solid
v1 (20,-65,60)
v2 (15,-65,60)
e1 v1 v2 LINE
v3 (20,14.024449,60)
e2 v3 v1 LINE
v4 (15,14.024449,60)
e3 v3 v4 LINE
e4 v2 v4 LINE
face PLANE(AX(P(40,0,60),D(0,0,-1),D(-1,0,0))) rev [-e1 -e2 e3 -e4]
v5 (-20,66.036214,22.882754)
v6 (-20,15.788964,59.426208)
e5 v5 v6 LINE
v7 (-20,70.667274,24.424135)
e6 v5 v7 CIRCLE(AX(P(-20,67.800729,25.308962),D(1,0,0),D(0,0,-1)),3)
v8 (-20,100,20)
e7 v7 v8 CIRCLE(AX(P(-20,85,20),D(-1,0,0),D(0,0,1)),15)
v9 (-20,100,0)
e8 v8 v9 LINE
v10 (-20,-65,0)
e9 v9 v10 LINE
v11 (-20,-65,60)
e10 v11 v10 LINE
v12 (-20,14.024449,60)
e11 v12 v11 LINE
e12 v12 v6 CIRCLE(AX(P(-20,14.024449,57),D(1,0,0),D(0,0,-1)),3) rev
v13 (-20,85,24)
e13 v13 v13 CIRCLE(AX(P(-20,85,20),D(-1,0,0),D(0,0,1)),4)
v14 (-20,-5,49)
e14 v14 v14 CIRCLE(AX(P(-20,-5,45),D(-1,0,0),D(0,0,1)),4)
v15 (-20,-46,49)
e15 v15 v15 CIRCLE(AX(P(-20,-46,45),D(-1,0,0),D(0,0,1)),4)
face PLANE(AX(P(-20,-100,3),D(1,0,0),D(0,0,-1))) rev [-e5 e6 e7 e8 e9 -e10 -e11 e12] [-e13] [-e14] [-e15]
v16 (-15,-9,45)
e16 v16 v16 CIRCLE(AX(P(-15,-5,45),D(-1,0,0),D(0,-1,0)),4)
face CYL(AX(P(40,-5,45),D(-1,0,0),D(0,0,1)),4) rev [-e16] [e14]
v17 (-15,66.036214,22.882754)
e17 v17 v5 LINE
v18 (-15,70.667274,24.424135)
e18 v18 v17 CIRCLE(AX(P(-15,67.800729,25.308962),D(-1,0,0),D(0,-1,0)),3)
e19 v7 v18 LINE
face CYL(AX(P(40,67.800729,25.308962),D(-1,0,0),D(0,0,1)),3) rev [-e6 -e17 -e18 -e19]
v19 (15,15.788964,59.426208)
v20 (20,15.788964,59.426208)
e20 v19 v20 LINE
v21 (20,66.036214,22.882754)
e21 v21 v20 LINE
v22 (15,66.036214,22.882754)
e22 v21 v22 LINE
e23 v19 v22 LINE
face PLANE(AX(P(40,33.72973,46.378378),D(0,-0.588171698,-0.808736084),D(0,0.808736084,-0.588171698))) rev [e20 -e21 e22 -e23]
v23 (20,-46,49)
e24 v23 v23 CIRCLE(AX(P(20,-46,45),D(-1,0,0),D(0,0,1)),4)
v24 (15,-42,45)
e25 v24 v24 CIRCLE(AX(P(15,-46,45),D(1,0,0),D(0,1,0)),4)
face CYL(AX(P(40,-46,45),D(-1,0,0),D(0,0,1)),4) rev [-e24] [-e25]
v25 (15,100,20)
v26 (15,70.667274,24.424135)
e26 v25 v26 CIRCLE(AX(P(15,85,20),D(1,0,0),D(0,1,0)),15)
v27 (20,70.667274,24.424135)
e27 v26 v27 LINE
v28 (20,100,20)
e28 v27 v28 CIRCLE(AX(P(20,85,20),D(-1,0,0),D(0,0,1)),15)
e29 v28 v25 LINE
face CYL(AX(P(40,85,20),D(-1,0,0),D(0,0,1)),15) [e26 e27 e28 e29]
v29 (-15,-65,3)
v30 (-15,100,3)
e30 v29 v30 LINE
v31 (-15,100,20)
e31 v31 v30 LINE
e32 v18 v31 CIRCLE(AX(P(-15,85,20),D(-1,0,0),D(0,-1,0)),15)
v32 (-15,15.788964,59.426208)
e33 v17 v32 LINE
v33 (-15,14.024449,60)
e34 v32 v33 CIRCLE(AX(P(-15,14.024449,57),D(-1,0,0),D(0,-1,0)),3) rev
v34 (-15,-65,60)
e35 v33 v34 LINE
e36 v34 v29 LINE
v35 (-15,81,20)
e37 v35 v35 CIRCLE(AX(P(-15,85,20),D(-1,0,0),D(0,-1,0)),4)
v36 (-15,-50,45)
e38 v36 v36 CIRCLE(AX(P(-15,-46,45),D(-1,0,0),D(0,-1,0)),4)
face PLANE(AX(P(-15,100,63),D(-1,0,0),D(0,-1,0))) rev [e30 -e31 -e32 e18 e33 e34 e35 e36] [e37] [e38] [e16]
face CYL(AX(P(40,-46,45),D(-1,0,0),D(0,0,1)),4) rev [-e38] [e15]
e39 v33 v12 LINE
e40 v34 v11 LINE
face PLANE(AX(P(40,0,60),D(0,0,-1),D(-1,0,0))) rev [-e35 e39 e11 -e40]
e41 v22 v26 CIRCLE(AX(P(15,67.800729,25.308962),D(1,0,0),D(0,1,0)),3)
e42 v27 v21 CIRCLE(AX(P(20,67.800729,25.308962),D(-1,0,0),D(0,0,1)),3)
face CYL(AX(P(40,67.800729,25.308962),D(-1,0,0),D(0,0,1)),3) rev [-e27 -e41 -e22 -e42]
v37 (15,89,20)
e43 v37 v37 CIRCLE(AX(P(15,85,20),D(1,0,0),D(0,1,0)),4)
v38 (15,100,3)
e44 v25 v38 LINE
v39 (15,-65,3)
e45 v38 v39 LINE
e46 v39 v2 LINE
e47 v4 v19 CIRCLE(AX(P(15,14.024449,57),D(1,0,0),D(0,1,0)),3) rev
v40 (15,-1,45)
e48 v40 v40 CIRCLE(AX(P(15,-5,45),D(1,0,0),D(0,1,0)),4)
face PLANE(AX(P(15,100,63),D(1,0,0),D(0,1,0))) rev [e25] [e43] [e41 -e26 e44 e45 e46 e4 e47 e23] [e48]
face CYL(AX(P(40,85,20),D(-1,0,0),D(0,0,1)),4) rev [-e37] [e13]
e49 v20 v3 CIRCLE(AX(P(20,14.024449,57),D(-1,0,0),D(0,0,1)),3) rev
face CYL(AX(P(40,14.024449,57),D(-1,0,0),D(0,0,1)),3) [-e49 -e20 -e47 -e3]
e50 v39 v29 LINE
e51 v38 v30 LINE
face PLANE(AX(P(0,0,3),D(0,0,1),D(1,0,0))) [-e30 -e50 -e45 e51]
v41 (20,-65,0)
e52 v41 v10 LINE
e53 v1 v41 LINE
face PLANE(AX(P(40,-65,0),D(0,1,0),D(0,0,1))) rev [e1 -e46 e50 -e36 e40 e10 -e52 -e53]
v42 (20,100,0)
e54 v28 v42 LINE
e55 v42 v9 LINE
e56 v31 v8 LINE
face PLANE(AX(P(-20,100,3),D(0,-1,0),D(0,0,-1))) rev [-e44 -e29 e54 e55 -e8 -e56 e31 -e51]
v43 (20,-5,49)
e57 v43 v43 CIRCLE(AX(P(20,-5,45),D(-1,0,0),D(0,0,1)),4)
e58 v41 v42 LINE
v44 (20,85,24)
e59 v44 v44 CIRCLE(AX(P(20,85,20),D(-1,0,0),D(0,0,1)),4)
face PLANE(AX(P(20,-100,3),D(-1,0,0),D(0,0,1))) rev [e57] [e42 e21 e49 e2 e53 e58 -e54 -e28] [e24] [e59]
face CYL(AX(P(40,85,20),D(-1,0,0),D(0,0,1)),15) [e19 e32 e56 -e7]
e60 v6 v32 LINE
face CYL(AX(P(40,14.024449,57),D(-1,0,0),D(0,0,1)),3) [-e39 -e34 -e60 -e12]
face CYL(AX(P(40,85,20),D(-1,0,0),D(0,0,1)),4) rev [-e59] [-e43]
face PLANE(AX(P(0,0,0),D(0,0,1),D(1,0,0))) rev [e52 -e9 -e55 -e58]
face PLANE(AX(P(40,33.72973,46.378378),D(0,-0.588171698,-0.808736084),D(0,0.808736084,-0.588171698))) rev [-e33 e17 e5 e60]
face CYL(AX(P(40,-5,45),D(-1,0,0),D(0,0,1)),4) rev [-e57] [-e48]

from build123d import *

# Parameters (mm, degrees)
SKETCH1_W           = 200
SKETCH1_H           = 40
BOSS_EXTRUDE1_DEPTH = 3
SKETCH2_W           = 5
SKETCH2_H           = 200
BOSS_EXTRUDE2_DEPTH = 60
SKETCH4_R           = 4
CUT_EXTRUDE1_DEPTH  = 60
FILLET2_R           = 3


with BuildPart() as part:
    # Sketch1 → Boss-Extrude1 (new body)
    with BuildSketch(Plane(origin=(0, 0, 0), x_dir=(0, 1, 0), z_dir=(0, 0, 1))):
        Rectangle(SKETCH1_W, SKETCH1_H)
    extrude(amount=BOSS_EXTRUDE1_DEPTH)

    # Sketch2 → Boss-Extrude2 (add)
    with BuildSketch(Plane.XY.offset(3)):
        with Locations((-17.5, 0)):
            Rectangle(SKETCH2_W, SKETCH2_H)
        with Locations((17.5, 0)):
            Rectangle(SKETCH2_W, SKETCH2_H)
    extrude(amount=BOSS_EXTRUDE2_DEPTH)

    # Sketch4 → Cut-Extrude1 (cut)
    with BuildSketch(Plane(origin=(-20, 0, 0), x_dir=(0, -1, 0), z_dir=(-1, 0, 0))):
        with BuildLine():
            Line((-100, 63), (-100, 20))
            ThreePointArc((-100, 20), (-85, 35), (-70, 20))
            Line((-70, 20), (-15, 60))
            Line((-15, 60), (65, 60))
            Line((65, 60), (65, 0))
            Line((65, 0), (100, 0))
            Line((100, 0), (100, 63))
            Line((100, 63), (-100, 63))
        make_face()
        with Locations(Location((-85, 20, 0), (0, 0, 90))):
            Circle(SKETCH4_R)
        with Locations(Location((5, 45, 0), (0, 0, 90))):
            Circle(SKETCH4_R)
        with Locations(Location((46, 45, 0), (0, 0, 90))):
            Circle(SKETCH4_R)
    extrude(amount=-CUT_EXTRUDE1_DEPTH, mode=Mode.SUBTRACT)

    # Fillet2
    fillet2_edges = [part.edges().sort_by_distance(p)[0] for p in [
        (17.5, 70, 20),
        (-17.5, 70, 20),
        (17.5, 15, 60),
        (-17.5, 15, 60),
    ]]
    fillet(fillet2_edges, radius=FILLET2_R)


solid = part.part
